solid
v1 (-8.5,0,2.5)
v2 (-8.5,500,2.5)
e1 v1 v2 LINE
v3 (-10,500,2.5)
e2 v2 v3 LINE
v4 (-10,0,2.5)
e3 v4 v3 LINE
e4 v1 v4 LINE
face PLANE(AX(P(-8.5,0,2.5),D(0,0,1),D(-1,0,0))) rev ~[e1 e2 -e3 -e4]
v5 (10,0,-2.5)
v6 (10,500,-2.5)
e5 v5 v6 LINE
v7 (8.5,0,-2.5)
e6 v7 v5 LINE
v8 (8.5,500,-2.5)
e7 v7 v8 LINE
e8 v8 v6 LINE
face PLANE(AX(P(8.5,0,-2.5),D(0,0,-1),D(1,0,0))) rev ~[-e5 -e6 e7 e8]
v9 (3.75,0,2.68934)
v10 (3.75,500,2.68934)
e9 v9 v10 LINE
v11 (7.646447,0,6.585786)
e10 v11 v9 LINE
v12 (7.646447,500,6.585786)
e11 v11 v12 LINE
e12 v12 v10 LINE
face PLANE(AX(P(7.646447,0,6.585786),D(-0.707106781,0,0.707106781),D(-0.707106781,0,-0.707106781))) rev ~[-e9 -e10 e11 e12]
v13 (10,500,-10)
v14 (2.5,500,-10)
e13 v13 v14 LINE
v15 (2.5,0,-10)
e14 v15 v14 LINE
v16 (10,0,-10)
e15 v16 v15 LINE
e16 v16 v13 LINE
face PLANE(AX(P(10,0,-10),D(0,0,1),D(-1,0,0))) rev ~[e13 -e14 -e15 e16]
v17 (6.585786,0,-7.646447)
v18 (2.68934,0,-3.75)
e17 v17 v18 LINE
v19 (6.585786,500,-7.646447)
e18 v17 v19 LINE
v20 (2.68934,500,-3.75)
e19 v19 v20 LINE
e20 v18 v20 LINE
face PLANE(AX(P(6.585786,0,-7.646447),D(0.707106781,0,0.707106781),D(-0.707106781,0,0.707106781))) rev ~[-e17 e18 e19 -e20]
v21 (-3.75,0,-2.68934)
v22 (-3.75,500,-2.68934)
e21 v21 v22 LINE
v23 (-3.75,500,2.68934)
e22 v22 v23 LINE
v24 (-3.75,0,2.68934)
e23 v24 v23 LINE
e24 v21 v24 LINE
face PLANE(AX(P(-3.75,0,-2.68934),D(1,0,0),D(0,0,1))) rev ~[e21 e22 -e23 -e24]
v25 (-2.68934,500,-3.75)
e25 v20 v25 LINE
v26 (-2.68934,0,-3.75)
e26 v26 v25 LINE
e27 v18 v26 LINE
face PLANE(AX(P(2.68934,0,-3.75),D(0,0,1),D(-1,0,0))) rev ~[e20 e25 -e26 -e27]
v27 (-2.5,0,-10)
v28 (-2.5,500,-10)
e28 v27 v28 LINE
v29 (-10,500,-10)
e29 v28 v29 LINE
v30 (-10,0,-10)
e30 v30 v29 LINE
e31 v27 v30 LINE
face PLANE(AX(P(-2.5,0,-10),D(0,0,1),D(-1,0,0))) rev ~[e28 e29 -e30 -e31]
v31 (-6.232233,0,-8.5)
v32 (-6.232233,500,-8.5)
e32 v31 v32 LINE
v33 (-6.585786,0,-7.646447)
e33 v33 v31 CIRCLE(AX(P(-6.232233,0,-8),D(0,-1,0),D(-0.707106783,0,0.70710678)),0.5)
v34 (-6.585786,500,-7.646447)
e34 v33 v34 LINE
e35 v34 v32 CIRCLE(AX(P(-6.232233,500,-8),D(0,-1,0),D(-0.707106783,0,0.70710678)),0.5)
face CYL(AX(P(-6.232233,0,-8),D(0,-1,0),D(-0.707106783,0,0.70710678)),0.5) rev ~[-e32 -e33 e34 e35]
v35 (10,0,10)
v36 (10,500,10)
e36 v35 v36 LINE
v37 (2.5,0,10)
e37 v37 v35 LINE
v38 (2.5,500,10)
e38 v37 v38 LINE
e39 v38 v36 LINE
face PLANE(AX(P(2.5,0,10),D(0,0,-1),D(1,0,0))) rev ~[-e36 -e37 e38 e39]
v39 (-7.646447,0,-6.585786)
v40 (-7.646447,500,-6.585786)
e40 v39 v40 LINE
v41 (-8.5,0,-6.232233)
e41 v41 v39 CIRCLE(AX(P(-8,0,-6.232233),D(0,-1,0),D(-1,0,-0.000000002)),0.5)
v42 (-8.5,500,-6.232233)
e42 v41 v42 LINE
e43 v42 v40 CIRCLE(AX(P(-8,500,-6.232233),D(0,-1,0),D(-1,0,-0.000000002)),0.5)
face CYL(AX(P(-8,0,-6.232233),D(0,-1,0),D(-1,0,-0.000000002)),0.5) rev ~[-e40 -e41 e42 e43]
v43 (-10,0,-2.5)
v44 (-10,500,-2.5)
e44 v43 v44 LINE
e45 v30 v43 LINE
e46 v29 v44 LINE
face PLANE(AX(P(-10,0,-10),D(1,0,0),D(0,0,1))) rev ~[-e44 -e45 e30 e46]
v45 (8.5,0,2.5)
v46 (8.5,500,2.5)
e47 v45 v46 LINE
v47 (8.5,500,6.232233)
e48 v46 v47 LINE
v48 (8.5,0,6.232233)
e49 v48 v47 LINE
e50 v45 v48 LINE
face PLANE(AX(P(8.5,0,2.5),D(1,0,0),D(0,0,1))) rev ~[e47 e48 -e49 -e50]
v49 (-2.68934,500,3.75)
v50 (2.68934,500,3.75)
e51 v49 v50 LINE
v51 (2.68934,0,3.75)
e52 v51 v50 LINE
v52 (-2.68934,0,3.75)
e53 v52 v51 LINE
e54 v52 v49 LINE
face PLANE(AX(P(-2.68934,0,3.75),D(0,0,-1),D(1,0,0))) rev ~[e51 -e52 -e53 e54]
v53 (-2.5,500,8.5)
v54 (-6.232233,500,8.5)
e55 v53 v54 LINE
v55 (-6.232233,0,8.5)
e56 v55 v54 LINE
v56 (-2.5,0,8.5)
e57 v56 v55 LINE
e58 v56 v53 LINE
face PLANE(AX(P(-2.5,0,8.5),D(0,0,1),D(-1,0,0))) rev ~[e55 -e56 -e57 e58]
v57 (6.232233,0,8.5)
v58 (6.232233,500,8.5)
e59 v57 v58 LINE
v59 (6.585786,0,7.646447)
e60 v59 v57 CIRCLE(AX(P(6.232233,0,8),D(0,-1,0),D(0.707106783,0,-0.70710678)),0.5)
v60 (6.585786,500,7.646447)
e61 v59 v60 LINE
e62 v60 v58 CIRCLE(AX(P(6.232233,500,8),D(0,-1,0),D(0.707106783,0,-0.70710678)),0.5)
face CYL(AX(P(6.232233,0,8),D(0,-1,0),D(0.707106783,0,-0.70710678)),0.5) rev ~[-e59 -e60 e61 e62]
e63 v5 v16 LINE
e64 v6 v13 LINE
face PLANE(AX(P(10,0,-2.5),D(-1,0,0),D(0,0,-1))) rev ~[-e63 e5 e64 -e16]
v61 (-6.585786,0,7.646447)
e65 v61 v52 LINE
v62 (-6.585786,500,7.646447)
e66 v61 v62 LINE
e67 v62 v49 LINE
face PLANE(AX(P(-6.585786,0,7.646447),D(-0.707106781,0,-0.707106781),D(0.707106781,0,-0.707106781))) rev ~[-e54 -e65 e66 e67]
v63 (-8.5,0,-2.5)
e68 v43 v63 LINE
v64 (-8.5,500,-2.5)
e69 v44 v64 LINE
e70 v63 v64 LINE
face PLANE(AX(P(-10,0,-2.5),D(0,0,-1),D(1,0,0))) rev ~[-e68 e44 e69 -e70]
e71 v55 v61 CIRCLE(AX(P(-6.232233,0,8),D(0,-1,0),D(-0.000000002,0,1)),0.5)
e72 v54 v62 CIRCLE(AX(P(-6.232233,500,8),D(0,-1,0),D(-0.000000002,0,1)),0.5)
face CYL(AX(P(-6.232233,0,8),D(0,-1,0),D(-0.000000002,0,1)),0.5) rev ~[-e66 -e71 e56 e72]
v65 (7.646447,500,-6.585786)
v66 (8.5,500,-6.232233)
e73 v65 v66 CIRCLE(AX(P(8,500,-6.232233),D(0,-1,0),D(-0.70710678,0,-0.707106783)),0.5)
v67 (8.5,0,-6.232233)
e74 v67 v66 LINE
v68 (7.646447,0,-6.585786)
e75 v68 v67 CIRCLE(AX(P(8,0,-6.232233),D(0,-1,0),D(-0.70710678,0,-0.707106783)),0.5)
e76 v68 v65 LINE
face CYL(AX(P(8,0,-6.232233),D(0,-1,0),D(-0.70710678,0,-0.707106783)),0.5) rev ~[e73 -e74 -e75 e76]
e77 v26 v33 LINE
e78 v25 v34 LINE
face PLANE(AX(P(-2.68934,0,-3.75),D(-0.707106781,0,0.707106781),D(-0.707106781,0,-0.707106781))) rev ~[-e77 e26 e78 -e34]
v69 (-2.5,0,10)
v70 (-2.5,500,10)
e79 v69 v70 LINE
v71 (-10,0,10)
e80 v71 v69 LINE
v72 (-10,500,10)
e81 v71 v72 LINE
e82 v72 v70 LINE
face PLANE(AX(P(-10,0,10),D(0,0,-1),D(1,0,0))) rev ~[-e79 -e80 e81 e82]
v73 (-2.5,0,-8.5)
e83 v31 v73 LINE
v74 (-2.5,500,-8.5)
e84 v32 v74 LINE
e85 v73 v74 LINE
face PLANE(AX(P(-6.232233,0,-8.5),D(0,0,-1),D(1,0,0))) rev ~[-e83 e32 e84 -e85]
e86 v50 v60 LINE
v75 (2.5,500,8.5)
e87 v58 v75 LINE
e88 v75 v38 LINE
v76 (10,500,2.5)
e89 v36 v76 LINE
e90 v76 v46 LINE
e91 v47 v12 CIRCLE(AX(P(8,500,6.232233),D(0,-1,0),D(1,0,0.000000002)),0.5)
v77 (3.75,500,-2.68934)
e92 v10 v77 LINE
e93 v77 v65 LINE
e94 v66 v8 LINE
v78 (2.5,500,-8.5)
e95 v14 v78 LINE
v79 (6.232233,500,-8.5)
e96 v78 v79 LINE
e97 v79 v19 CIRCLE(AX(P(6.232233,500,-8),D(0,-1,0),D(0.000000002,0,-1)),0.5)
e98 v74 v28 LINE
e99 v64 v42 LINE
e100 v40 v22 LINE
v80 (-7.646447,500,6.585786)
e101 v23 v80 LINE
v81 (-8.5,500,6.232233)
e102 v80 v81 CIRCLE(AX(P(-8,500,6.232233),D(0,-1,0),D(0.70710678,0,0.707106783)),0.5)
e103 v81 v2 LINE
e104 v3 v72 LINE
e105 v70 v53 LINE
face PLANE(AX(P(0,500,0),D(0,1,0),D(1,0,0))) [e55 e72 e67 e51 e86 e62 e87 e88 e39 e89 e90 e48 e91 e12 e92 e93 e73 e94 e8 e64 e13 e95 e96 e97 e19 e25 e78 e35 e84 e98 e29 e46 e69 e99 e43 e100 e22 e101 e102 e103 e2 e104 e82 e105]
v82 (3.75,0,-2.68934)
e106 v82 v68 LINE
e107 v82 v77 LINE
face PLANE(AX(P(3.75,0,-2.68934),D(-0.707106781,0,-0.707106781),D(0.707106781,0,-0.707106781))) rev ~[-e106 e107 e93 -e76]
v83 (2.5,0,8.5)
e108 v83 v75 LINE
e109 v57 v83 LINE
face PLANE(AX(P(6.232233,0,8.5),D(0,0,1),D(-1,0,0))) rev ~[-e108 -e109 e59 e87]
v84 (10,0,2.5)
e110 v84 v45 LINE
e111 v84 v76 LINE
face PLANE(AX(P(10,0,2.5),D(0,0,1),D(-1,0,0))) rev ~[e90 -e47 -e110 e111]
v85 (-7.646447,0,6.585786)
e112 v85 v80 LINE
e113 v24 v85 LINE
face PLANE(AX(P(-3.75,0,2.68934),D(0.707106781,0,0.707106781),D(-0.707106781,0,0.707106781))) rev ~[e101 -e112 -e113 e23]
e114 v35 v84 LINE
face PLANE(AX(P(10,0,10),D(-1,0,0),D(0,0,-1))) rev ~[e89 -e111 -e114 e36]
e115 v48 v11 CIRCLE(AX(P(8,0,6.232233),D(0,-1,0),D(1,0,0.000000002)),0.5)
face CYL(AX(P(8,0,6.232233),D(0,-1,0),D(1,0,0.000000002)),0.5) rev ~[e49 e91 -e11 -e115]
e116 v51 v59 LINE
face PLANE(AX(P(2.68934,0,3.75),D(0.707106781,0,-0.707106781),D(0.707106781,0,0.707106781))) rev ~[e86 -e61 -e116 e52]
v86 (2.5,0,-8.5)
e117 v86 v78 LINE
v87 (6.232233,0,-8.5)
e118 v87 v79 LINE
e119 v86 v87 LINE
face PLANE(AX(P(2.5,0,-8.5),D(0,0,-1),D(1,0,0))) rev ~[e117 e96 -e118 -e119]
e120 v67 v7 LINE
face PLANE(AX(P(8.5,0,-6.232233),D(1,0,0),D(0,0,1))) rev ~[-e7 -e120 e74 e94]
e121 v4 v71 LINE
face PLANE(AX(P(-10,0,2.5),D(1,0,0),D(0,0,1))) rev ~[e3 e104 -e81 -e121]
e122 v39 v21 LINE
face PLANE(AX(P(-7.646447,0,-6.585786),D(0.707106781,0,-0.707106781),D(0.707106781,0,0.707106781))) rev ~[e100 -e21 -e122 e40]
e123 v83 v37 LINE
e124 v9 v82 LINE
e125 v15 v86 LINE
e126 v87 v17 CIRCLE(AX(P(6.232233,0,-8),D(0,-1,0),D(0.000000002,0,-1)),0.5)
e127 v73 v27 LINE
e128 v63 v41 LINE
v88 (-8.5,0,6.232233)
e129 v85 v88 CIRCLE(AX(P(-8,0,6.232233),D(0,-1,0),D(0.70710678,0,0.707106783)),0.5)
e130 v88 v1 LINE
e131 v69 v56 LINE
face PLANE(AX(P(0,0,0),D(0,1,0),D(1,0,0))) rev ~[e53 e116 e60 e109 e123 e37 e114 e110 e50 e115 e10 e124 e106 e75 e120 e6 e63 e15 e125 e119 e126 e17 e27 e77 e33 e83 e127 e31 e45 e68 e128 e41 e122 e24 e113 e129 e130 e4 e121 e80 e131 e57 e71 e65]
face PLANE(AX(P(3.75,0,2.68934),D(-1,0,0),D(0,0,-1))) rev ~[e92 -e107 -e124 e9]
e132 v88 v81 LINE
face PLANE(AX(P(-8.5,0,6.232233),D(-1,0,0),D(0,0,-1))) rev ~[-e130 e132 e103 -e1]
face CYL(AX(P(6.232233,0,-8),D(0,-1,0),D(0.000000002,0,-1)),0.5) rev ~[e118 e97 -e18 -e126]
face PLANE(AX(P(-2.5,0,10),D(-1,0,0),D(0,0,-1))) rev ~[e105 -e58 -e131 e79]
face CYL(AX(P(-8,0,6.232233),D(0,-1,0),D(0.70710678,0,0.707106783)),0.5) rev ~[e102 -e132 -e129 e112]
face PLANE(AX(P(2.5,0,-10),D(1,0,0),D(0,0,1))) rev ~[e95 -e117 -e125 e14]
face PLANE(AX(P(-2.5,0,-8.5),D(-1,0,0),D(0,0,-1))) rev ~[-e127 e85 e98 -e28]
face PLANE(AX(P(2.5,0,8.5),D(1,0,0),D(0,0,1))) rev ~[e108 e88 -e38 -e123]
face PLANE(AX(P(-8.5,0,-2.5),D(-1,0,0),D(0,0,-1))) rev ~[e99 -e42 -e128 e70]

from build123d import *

# Parameters (mm, degrees)
BOSS_EXTRU_1_DEPTH = 500


with BuildPart() as part:
    # Esquisse1 → Boss.-Extru.1 (new body)
    with BuildSketch(Plane(origin=(0, 0, 0), x_dir=(1, 0, 0), z_dir=(0, 1, 0))):
        with BuildLine():
            Line((-10, -2.5), (-10, -10))
            Line((-10, -10), (-2.5, -10))
            Line((-2.5, -10), (-2.5, -8.5))
            Line((-2.5, -8.5), (-6.232233047, -8.5))
            ThreePointArc((-6.232233047, -8.5), (-6.694172813, -8.191341716), (-6.585786438, -7.646446609))
            Line((-6.585786438, -7.646446609), (-2.689339828, -3.75))
            Line((-2.689339828, -3.75), (2.689339828, -3.75))
            Line((2.689339828, -3.75), (6.585786438, -7.646446609))
            ThreePointArc((6.585786438, -7.646446609), (6.694172813, -8.191341716), (6.232233047, -8.5))
            Line((6.232233047, -8.5), (2.5, -8.5))
            Line((2.5, -8.5), (2.5, -10))
            Line((2.5, -10), (10, -10))
            Line((10, -10), (10, -2.5))
            Line((10, -2.5), (8.5, -2.5))
            Line((8.5, -2.5), (8.5, -6.232233047))
            ThreePointArc((8.5, -6.232233047), (8.191341716, -6.694172813), (7.646446609, -6.585786438))
            Line((7.646446609, -6.585786438), (3.75, -2.689339828))
            Line((3.75, -2.689339828), (3.75, 2.689339828))
            Line((3.75, 2.689339828), (7.646446609, 6.585786438))
            ThreePointArc((7.646446609, 6.585786438), (8.191341716, 6.694172813), (8.5, 6.232233047))
            Line((8.5, 6.232233047), (8.5, 2.5))
            Line((8.5, 2.5), (10, 2.5))
            Line((10, 2.5), (10, 10))
            Line((10, 10), (2.5, 10))
            Line((2.5, 10), (2.5, 8.5))
            Line((2.5, 8.5), (6.232233047, 8.5))
            ThreePointArc((6.232233047, 8.5), (6.694172813, 8.191341716), (6.585786438, 7.646446609))
            Line((6.585786438, 7.646446609), (2.689339828, 3.75))
            Line((2.689339828, 3.75), (-2.689339828, 3.75))
            Line((-2.689339828, 3.75), (-6.585786438, 7.646446609))
            ThreePointArc((-6.585786438, 7.646446609), (-6.694172813, 8.191341716), (-6.232233047, 8.5))
            Line((-6.232233047, 8.5), (-2.5, 8.5))
            Line((-2.5, 8.5), (-2.5, 10))
            Line((-2.5, 10), (-10, 10))
            Line((-10, 10), (-10, 2.5))
            Line((-10, 2.5), (-8.5, 2.5))
            Line((-8.5, 2.5), (-8.5, 6.232233047))
            ThreePointArc((-8.5, 6.232233047), (-8.191341716, 6.694172813), (-7.646446609, 6.585786438))
            Line((-7.646446609, 6.585786438), (-3.75, 2.689339828))
            Line((-3.75, 2.689339828), (-3.75, -2.689339828))
            Line((-3.75, -2.689339828), (-7.646446609, -6.585786438))
            ThreePointArc((-7.646446609, -6.585786438), (-8.191341716, -6.694172813), (-8.5, -6.232233047))
            Line((-8.5, -6.232233047), (-8.5, -2.5))
            Line((-8.5, -2.5), (-10, -2.5))
        make_face()
    extrude(amount=BOSS_EXTRU_1_DEPTH)


solid = part.part
